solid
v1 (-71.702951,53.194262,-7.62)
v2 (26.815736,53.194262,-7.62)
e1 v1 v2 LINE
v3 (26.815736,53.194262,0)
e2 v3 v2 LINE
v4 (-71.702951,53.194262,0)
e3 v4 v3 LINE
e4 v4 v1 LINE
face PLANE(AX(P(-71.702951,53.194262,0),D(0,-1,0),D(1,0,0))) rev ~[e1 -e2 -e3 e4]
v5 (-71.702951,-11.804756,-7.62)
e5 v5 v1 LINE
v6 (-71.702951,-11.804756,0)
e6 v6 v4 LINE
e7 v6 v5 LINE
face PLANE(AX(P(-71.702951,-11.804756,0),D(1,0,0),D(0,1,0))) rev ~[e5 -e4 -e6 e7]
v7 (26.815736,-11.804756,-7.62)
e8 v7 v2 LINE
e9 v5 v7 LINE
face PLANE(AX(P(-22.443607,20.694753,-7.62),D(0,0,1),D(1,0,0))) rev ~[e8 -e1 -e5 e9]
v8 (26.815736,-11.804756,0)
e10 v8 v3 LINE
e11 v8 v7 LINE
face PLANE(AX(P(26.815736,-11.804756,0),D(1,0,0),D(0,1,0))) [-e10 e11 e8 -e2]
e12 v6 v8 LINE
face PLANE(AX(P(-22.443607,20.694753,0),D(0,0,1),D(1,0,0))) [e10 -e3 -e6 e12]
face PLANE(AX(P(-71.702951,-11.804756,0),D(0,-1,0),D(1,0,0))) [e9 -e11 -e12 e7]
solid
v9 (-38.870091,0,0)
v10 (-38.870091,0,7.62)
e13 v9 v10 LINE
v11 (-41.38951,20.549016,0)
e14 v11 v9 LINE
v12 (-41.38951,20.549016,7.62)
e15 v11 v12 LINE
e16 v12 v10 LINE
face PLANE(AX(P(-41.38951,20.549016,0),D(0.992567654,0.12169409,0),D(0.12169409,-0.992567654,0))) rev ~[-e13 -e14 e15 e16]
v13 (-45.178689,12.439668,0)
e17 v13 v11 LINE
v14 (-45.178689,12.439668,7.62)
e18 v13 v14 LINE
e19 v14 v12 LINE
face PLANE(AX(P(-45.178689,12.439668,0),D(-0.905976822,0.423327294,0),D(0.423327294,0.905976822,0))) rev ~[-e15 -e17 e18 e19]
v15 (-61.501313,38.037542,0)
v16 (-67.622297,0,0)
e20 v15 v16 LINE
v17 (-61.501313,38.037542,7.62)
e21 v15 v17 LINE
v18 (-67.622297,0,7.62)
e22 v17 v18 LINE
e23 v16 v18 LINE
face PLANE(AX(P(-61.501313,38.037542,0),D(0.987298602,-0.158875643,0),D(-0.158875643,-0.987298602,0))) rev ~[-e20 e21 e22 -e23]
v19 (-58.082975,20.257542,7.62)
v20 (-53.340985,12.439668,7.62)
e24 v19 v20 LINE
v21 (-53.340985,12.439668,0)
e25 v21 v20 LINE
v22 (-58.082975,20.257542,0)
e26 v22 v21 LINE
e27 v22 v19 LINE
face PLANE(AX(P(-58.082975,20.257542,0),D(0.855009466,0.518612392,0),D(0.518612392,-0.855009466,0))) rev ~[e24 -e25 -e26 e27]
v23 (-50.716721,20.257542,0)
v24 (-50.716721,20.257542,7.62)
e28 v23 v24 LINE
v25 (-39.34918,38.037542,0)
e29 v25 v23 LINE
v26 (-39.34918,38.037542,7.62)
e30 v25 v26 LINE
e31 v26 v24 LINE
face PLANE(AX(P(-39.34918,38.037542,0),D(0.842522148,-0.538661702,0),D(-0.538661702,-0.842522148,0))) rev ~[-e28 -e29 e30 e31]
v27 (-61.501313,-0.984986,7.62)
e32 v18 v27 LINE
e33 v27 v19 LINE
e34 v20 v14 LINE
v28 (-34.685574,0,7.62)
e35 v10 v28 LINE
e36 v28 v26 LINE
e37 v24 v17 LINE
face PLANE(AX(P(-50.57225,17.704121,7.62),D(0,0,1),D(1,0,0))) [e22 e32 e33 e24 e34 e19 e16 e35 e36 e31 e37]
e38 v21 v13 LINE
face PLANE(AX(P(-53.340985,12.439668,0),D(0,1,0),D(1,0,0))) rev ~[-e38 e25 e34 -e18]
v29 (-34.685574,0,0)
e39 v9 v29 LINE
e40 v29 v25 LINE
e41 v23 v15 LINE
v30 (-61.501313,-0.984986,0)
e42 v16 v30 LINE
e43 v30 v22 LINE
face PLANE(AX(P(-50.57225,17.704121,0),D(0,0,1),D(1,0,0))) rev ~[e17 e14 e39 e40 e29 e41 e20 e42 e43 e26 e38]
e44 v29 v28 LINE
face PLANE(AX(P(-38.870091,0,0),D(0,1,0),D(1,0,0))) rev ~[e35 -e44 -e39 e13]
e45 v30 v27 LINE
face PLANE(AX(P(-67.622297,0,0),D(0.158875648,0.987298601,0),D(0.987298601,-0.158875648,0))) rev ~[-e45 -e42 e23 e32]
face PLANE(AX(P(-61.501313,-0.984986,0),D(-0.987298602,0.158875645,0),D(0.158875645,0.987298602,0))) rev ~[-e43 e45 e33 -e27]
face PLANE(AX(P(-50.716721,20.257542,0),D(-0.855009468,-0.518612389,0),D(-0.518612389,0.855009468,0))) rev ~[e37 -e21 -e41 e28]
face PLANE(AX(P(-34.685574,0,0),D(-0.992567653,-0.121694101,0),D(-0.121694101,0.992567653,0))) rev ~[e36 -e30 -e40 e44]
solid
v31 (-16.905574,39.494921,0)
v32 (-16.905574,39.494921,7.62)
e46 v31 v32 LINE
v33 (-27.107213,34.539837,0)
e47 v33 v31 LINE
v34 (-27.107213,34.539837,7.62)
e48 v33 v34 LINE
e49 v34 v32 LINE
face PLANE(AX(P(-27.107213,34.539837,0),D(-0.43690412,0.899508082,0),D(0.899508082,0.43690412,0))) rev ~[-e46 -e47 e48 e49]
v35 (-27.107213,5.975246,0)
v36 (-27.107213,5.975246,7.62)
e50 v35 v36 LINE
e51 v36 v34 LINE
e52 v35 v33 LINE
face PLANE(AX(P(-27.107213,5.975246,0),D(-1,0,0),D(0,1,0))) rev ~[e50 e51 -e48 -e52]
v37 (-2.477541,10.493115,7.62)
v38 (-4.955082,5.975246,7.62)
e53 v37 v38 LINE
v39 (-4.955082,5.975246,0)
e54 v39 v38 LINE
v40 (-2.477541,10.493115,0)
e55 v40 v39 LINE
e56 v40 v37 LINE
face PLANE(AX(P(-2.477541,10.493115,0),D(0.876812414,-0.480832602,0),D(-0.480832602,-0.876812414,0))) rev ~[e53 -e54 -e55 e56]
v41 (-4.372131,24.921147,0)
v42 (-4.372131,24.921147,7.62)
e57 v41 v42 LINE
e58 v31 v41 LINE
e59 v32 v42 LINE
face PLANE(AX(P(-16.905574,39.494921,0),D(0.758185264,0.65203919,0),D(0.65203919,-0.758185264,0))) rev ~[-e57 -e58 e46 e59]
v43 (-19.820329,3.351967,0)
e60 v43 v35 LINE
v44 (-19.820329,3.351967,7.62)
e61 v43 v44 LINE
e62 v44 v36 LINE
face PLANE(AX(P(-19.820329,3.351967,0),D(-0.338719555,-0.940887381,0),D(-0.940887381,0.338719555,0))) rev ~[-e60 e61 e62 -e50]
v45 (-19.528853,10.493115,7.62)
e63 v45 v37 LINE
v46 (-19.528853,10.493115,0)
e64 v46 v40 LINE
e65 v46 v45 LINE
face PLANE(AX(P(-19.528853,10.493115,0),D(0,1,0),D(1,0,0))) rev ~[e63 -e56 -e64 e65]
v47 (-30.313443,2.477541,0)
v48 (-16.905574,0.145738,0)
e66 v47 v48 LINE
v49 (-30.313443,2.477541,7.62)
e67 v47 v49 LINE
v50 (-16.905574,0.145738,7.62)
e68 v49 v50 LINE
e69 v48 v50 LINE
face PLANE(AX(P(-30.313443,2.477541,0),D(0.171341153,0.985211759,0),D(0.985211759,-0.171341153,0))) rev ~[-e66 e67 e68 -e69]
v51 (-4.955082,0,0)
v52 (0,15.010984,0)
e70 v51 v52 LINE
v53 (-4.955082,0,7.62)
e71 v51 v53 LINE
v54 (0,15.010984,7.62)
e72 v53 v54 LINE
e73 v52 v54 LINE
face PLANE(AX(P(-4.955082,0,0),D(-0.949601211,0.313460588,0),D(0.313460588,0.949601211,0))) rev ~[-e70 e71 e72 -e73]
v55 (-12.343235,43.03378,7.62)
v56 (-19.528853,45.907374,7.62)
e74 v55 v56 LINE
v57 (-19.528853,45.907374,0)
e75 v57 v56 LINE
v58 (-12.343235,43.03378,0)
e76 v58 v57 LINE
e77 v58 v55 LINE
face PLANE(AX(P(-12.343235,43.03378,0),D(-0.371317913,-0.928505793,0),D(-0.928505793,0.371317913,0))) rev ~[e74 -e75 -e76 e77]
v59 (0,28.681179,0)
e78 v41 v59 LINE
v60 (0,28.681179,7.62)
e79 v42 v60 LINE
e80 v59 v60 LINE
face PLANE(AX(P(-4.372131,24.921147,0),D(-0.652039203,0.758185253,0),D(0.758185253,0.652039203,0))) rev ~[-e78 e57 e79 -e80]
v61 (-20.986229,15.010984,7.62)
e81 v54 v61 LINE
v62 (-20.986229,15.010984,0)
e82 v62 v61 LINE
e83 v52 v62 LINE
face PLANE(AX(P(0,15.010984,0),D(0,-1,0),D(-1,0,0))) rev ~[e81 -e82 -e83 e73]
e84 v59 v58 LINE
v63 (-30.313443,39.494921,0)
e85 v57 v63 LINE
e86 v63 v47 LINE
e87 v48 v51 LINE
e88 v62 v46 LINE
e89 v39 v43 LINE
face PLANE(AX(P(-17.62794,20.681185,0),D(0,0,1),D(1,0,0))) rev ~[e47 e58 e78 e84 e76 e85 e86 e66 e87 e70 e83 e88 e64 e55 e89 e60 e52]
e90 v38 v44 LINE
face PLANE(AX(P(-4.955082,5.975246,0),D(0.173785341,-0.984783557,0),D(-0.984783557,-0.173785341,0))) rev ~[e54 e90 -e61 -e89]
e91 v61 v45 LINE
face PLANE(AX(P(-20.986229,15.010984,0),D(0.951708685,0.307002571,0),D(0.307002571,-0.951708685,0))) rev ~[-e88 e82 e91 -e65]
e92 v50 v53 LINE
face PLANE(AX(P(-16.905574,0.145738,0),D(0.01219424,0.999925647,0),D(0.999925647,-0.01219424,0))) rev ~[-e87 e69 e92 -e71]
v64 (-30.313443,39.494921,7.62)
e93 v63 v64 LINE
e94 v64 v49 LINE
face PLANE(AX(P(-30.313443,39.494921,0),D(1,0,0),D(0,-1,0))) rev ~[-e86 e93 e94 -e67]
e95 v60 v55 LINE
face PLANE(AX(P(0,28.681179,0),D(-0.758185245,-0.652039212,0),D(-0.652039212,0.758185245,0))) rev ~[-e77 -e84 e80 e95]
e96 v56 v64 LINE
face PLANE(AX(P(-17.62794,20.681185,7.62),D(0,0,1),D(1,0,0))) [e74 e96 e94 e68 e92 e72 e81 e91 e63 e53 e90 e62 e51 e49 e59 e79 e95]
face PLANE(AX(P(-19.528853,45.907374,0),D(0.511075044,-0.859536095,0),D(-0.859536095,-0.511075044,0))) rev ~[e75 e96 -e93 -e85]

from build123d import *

# Parameters (mm, degrees)
F1_DEPTH = 7.62
F2_W     = 98.518687
F2_H     = 64.999017
F3_DEPTH = 7.62


with BuildPart() as f1:
    # F0 (on Top) → F1 (new body)
    with BuildSketch(Plane.XY):
        Polygon((-61.501313, 38.037542), (-67.622297, 0), (-61.501313, -0.984986), (-58.082975, 20.257542), (-53.340985, 12.439668), (-45.178689, 12.439668), (-41.38951, 20.549016), (-38.870091, 0), (-34.685574, 0), (-39.34918, 38.037542), (-50.716721, 20.257542), align=None)
        Polygon((-16.905574, 39.494921), (-4.372131, 24.921147), (0, 28.681179), (-12.343235, 43.03378), (-19.528853, 45.907374), (-30.313443, 39.494921), (-30.313443, 2.477541), (-16.905574, 0.145738), (-4.955082, 0), (0, 15.010984), (-2.477541, 10.493115), (-4.955082, 5.975246), (-19.820329, 3.351967), (-27.107213, 5.975246), (-27.107213, 21.714916), (-27.107213, 34.539837), align=None)
        Polygon((-19.528853, 10.493115), (-2.477541, 10.493115), (0, 15.010984), (-20.986229, 15.010984), align=None)
    extrude(amount=F1_DEPTH)


with BuildPart() as f3:
    # F2 (on Top) → F3 (new body)
    with BuildSketch(Plane.XY):
        with Locations((-22.443607, 20.694753)):
            Rectangle(F2_W, F2_H)
    extrude(amount=-F3_DEPTH)


solid = Compound([f1.part, f3.part])
